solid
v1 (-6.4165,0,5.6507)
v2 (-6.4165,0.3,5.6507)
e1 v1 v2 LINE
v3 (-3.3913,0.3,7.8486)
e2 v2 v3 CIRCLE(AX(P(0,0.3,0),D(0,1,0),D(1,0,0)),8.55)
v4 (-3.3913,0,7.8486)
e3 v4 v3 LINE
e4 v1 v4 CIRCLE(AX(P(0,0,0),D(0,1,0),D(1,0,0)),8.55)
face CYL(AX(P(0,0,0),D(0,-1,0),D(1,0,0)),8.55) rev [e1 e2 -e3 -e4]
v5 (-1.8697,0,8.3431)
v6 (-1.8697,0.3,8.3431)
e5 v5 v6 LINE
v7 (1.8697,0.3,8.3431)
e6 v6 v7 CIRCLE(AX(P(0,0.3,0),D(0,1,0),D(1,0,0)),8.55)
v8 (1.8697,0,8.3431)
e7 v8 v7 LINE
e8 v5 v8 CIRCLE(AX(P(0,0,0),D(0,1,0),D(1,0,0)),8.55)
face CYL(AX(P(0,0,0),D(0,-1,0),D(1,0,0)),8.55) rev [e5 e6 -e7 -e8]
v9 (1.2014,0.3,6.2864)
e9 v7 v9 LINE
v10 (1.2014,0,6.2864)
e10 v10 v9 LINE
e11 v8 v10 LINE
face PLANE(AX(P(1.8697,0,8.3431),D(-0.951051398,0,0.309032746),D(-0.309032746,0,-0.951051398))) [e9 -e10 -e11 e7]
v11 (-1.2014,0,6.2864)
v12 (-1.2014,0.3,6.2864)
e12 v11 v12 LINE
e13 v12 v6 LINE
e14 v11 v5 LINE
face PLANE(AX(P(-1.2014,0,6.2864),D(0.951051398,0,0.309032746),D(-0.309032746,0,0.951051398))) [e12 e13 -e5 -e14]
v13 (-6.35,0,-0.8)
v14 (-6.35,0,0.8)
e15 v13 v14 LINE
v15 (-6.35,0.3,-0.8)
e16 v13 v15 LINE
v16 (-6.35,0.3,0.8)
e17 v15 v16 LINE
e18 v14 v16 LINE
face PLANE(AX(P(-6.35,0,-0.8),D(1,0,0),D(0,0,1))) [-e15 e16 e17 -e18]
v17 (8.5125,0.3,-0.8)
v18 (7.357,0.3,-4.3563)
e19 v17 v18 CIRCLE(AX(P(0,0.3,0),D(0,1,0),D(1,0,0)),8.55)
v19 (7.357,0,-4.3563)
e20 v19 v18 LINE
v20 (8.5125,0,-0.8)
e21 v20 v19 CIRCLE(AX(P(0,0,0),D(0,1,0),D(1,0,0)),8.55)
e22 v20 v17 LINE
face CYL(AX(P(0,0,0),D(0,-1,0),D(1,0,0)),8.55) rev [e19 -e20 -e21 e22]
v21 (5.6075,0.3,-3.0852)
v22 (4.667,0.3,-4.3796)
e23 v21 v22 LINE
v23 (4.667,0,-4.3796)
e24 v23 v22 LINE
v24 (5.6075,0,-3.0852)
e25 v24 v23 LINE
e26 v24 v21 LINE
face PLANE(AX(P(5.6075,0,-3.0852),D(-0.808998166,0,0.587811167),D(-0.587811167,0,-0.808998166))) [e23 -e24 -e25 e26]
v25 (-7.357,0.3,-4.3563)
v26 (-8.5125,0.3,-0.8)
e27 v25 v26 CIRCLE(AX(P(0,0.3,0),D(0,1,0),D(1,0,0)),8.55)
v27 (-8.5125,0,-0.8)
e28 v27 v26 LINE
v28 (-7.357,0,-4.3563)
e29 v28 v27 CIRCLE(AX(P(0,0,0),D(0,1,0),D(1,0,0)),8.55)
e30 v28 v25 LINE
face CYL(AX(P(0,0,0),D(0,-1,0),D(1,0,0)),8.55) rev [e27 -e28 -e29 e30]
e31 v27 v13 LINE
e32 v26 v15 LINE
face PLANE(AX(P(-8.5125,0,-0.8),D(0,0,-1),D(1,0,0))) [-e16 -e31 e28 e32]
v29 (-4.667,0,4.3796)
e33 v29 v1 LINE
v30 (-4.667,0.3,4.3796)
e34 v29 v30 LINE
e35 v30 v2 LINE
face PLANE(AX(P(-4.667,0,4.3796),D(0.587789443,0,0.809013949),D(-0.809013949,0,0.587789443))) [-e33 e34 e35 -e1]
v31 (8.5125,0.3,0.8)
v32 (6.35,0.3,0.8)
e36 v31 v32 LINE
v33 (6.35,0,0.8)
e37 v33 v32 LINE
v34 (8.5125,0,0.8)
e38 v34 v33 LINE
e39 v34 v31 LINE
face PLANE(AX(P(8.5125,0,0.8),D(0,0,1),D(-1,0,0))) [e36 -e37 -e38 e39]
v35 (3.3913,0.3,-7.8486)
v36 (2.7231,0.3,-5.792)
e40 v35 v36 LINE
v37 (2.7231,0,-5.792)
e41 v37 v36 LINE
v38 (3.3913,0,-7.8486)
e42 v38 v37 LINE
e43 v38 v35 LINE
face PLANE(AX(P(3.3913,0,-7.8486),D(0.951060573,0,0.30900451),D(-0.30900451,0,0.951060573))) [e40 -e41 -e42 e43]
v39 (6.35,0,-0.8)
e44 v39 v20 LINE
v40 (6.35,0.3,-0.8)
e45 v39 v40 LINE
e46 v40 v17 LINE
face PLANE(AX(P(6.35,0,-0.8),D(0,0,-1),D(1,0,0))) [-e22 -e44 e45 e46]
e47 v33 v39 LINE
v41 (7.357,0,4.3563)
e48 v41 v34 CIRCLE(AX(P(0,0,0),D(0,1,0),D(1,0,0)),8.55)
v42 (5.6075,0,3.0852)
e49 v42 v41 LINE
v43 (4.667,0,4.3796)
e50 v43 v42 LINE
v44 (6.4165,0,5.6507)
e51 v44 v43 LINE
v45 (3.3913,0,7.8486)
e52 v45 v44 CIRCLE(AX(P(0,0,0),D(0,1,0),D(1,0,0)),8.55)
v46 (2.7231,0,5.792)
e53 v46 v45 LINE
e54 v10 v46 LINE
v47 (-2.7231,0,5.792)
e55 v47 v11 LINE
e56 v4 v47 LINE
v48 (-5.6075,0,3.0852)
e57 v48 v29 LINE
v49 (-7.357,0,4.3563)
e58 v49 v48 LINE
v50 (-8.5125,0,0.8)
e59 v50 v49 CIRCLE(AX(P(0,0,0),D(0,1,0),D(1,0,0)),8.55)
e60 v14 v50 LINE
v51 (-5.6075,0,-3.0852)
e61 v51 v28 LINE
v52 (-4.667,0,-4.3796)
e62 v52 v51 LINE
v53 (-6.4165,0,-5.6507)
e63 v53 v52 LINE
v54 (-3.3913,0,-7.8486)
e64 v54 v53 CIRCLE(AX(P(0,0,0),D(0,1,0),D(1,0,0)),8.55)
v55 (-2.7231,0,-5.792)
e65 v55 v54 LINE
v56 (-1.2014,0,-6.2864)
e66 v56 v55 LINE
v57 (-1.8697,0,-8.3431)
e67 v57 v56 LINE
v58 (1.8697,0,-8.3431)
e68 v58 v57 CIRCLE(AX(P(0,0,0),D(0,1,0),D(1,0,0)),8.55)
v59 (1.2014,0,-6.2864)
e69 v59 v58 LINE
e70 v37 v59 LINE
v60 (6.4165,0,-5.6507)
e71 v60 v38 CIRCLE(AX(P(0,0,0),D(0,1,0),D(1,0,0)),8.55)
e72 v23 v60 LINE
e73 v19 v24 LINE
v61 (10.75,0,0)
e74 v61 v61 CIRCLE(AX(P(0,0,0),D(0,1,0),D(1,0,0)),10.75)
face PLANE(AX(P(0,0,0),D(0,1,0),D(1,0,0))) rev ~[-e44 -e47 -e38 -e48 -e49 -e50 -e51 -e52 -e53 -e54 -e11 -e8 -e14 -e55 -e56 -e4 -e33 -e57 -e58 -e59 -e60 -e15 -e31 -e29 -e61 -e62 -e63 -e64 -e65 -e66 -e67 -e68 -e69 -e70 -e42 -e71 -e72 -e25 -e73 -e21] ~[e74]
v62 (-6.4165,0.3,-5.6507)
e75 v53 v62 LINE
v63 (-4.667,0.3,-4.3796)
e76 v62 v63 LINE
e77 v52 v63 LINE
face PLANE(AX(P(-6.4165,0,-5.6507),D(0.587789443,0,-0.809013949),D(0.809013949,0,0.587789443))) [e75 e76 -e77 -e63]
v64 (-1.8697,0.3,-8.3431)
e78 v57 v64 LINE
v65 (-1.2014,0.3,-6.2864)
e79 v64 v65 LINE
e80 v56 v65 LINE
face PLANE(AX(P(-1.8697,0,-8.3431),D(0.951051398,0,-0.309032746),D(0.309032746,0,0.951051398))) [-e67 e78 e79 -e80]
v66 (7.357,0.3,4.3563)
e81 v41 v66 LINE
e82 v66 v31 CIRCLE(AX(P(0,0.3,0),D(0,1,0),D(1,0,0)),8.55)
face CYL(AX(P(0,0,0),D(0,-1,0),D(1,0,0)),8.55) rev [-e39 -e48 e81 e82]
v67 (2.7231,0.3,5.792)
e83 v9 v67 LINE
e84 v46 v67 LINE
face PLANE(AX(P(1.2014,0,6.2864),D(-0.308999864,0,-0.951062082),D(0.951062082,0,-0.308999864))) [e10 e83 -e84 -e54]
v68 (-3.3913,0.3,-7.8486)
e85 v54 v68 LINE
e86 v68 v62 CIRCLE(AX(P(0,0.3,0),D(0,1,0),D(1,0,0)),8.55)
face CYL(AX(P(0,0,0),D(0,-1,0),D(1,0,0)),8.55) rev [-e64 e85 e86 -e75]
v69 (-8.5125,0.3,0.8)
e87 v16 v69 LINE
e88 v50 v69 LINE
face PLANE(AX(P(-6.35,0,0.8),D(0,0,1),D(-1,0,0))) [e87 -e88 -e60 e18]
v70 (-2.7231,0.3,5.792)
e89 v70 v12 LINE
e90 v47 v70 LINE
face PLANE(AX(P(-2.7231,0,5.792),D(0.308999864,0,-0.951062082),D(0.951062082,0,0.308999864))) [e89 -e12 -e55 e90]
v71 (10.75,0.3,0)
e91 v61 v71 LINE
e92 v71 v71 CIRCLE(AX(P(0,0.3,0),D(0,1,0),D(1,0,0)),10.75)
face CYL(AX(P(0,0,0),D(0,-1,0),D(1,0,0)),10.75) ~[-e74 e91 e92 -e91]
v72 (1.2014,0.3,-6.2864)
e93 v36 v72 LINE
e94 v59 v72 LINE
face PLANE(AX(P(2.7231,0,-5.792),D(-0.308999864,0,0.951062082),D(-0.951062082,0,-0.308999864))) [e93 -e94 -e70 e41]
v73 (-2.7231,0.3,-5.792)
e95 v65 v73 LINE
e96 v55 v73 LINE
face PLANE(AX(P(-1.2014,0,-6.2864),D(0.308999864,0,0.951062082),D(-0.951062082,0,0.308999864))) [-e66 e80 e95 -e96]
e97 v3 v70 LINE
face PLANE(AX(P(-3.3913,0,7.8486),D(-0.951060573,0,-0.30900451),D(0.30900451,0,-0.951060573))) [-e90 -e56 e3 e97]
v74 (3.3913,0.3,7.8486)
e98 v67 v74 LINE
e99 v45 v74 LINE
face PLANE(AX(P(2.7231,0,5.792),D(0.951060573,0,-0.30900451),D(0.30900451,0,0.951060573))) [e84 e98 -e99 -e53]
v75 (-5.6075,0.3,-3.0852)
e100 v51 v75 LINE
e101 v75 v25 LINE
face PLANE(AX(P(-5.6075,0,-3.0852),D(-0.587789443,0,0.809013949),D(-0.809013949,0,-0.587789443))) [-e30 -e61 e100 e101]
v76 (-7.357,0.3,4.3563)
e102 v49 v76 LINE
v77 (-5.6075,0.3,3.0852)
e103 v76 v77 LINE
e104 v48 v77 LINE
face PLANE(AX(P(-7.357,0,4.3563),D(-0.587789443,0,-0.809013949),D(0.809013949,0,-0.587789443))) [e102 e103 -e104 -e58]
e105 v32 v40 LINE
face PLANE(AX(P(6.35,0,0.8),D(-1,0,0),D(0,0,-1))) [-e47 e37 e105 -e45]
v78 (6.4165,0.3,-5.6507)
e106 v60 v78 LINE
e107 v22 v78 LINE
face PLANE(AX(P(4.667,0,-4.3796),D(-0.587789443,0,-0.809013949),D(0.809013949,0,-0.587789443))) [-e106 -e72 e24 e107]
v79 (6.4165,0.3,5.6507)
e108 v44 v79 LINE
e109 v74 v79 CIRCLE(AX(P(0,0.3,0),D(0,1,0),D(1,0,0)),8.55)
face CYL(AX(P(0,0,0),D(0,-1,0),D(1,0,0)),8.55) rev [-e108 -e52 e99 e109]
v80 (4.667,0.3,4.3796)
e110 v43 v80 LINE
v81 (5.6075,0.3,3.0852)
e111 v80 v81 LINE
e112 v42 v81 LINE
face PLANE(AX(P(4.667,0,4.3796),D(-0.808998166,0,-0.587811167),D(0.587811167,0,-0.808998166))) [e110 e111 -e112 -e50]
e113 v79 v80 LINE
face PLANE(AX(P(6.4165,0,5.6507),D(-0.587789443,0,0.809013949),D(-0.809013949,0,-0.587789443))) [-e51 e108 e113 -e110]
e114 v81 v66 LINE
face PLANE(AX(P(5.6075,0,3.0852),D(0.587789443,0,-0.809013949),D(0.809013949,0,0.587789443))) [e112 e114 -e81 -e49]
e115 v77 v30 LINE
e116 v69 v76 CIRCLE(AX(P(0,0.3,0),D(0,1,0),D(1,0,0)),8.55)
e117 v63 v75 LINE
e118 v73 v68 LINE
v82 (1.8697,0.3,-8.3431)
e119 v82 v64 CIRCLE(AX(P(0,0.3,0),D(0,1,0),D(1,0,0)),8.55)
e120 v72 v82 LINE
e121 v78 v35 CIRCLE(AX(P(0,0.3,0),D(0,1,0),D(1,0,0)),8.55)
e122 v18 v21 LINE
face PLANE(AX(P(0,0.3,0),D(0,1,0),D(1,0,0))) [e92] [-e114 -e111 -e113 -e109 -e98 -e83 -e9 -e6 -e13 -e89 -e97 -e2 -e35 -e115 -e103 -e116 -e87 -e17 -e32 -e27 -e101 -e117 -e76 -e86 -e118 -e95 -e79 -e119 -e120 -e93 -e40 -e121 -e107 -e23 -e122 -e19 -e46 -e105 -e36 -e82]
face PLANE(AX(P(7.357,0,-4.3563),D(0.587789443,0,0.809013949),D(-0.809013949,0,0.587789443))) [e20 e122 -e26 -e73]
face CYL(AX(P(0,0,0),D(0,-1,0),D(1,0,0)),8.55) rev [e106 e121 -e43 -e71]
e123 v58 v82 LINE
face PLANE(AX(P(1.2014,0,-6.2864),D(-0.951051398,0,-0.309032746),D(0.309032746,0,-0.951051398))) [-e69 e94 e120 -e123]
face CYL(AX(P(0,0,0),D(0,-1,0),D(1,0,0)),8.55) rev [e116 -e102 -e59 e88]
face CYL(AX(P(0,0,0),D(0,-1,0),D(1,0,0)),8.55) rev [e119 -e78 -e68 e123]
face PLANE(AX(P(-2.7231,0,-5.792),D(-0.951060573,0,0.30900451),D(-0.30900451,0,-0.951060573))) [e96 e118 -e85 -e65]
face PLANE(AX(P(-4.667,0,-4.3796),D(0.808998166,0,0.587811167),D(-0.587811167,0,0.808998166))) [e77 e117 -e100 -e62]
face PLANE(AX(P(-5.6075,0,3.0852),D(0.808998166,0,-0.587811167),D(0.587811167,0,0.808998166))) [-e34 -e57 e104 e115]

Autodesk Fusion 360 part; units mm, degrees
sketch "Sketch1" plane through (0, 0, 0) normal (0, 1, 0) x (1, 0, 0)
  circle A0 centre (0, 0) radius 10.75
  circle A1 centre (0, 0) radius 8.55
  line L0 (-6.35, 0.8) -> (-6.35, -0.8)
  line L1 (-8.5125, 0.8) -> (-6.35, 0.8)
  line L2 (-6.35, -0.8) -> (-8.5125, -0.8)
  line L3 (-4.667, -4.3796) -> (-6.4165, -5.6507)
  line L4 (-7.357, -4.3563) -> (-5.6075, -3.0852)
  line L5 (-5.6075, -3.0852) -> (-4.667, -4.3796)
  line L6 (-1.2014, -6.2864) -> (-1.8697, -8.3431)
  line L7 (-3.3913, -7.8486) -> (-2.7231, -5.792)
  line L8 (-2.7231, -5.792) -> (-1.2014, -6.2864)
  line L9 (2.7231, -5.792) -> (3.3913, -7.8486)
  line L10 (1.8697, -8.3431) -> (1.2014, -6.2864)
  line L11 (1.2014, -6.2864) -> (2.7231, -5.792)
  line L12 (5.6075, -3.0852) -> (7.357, -4.3563)
  line L13 (6.4165, -5.6507) -> (4.667, -4.3796)
  line L14 (4.667, -4.3796) -> (5.6075, -3.0852)
  line L15 (6.35, 0.8) -> (8.5125, 0.8)
  line L16 (8.5125, -0.8) -> (6.35, -0.8)
  line L17 (6.35, -0.8) -> (6.35, 0.8)
  line L18 (4.667, 4.3796) -> (6.4165, 5.6507)
  line L19 (7.357, 4.3563) -> (5.6075, 3.0852)
  line L20 (5.6075, 3.0852) -> (4.667, 4.3796)
  line L21 (1.2014, 6.2864) -> (1.8697, 8.3431)
  line L22 (3.3913, 7.8486) -> (2.7231, 5.792)
  line L23 (2.7231, 5.792) -> (1.2014, 6.2864)
  line L24 (-2.7231, 5.792) -> (-3.3913, 7.8486)
  line L25 (-1.8697, 8.3431) -> (-1.2014, 6.2864)
  line L26 (-1.2014, 6.2864) -> (-2.7231, 5.792)
  line L27 (-5.6075, 3.0852) -> (-7.357, 4.3563)
  line L28 (-6.4165, 5.6507) -> (-4.667, 4.3796)
  line L29 (-4.667, 4.3796) -> (-5.6075, 3.0852)
  point P0 (-8.55, 0)
  point P1 (-8.55, 0)
  dimension "d1" = 21.5
  dimension "d2" = -2.2
  dimension "d8" = 360
extrude "Extrude1" add sketch "Sketch1" along normal blind 0.3 contours A0 | A1 L15 L16 L17 | A1 L18 L19 L20 | A1 L12 L13 L14 | A1 L21 L22 L23 | A1 L9 L10 L11 | A1 L24 L25 L26 | A1 L6 L7 L8 | A1 L27 L28 L29 | A1 L3 L4 L5 | A1 L0 L1 L2
